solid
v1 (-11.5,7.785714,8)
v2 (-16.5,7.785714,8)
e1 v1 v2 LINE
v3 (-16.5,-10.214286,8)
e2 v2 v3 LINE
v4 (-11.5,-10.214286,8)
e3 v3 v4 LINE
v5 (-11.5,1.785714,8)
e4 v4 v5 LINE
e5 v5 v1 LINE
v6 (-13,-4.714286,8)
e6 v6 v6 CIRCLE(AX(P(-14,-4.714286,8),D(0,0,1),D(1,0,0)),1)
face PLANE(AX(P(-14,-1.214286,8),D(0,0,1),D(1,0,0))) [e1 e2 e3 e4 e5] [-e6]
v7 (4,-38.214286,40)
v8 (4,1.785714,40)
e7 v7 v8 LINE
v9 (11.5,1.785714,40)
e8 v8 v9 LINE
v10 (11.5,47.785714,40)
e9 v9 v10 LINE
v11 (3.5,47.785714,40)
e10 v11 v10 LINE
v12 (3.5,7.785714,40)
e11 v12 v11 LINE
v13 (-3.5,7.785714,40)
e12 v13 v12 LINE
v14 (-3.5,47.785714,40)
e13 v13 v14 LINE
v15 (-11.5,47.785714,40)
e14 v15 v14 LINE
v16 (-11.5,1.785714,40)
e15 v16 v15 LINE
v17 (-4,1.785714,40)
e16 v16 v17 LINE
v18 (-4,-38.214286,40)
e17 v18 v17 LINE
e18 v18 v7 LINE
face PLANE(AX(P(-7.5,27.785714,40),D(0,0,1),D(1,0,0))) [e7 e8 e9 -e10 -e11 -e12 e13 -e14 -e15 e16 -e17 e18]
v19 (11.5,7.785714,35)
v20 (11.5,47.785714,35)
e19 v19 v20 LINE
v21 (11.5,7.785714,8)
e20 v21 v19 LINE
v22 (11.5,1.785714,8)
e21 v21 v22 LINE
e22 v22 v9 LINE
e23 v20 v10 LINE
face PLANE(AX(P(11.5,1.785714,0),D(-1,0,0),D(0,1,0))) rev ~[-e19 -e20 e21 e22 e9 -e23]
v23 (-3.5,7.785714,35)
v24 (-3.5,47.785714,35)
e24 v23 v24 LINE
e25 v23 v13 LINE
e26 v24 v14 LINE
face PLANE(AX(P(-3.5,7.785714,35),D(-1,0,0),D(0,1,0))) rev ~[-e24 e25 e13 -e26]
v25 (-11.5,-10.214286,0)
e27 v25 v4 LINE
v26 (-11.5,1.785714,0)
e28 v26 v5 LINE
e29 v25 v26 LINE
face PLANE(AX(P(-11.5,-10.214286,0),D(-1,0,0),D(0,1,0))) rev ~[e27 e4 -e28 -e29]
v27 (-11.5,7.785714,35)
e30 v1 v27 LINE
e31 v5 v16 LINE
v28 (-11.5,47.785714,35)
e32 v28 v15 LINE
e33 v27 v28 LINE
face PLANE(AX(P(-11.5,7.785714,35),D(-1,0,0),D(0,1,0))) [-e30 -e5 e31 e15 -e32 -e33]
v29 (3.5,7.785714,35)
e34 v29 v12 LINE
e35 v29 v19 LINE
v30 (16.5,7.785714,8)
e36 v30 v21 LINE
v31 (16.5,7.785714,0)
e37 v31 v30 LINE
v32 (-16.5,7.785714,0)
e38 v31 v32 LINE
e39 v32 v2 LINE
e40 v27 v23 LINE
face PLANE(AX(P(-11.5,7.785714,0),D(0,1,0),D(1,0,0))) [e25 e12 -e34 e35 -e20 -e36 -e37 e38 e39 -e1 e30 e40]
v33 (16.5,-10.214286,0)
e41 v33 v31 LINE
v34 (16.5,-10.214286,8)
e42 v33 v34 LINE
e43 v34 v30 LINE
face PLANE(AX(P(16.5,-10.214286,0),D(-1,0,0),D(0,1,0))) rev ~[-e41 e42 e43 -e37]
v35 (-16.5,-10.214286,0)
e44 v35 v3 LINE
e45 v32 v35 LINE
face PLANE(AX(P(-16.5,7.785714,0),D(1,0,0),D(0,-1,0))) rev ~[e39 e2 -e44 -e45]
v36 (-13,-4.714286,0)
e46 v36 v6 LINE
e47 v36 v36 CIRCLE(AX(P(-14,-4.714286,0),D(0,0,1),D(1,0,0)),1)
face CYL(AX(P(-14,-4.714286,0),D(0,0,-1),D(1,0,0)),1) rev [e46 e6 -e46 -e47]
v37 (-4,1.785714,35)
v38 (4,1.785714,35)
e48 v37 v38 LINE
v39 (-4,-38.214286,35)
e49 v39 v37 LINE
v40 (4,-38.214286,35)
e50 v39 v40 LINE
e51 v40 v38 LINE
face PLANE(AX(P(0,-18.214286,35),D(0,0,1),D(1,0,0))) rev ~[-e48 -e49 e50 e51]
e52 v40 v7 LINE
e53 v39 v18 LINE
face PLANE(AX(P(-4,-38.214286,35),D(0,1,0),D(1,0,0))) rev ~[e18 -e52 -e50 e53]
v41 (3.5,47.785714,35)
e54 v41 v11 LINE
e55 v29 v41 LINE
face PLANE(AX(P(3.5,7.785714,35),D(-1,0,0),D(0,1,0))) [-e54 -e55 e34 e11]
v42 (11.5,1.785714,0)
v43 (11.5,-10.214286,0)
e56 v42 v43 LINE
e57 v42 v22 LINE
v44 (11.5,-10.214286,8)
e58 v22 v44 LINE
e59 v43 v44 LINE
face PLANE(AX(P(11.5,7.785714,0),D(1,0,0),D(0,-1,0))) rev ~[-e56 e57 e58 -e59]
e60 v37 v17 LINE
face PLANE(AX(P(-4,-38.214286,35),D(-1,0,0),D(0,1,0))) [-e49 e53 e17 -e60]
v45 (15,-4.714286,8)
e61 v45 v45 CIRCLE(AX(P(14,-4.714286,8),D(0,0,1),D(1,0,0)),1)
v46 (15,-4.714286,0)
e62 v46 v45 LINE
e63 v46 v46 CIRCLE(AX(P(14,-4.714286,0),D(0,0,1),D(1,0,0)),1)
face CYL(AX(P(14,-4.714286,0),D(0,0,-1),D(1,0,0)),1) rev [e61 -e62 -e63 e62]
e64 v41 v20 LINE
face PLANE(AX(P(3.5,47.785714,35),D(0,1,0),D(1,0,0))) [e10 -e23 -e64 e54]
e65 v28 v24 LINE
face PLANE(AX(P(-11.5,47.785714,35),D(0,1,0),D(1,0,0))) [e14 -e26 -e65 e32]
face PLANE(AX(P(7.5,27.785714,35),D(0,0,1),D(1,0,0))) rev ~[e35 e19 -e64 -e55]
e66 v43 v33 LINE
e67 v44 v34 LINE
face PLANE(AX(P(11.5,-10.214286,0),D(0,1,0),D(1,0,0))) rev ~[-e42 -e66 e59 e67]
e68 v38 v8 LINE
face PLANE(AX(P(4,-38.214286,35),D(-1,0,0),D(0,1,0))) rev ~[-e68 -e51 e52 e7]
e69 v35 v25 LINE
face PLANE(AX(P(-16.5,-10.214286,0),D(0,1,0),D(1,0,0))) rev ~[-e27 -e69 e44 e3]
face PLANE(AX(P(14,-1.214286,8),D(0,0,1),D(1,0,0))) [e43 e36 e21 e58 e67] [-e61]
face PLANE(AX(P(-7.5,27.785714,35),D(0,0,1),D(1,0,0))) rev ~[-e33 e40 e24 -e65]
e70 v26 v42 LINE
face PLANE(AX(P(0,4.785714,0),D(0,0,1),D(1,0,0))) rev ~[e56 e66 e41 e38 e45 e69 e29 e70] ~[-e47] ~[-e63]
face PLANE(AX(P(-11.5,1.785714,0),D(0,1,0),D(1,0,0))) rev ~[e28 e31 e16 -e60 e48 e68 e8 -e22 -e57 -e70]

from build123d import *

# Parameters (mm, degrees)
F0_R     = 1
F1_DEPTH = 8
F0_W     = 23
F0_H     = 6
F2_DEPTH = 40
F4_START = 35
F3_W     = 8
F3_H     = 40
F4_DEPTH = 5


with BuildPart() as f1:
    # F0 (on Top) → F1 (new body)
    with BuildSketch(Plane.XY):
        Polygon((-11.5, 1.7857142857), (-11.5, 7.7857142857), (-16.5, 7.7857142857), (-16.5, -10.2142857143), (-11.5, -10.2142857143), align=None)
        with Locations((-14, -4.7142857143)):
            Circle(F0_R, mode=Mode.SUBTRACT)
    extrude(amount=F1_DEPTH)



with BuildPart() as f1b:
    # F0 (on Top) → F1, piece 2 (new body)
    with BuildSketch(Plane.XY):
        Polygon((16.5, 7.7857142857), (11.5, 7.7857142857), (11.5, 1.7857142857), (11.5, -10.2142857143), (16.5, -10.2142857143), align=None)
        with Locations((14, -4.7142857143)):
            Circle(F0_R, mode=Mode.SUBTRACT)
    extrude(amount=F1_DEPTH)


with BuildPart() as f1_1:
    add(f1.part)

    add(f1b.part)  # F2 merges F1b
    # F0 (on Top) → F2 (join)
    with BuildSketch(Plane.XY):
        with Locations((0, 4.7857142857)):
            Rectangle(F0_W, F0_H)
    extrude(amount=F2_DEPTH)

    # F3 (on Top) → F4 (join)
    with BuildSketch(Plane.XY.offset(F4_START)):
        with Locations((-7.5, 27.7857142857)):
            Rectangle(F3_W, F3_H)
        with Locations((7.5, 27.7857142857)):
            Rectangle(F3_W, F3_H)
        with Locations((0, -18.2142857143)):
            Rectangle(F3_W, F3_H)
    extrude(amount=F4_DEPTH)


solid = f1_1.part
